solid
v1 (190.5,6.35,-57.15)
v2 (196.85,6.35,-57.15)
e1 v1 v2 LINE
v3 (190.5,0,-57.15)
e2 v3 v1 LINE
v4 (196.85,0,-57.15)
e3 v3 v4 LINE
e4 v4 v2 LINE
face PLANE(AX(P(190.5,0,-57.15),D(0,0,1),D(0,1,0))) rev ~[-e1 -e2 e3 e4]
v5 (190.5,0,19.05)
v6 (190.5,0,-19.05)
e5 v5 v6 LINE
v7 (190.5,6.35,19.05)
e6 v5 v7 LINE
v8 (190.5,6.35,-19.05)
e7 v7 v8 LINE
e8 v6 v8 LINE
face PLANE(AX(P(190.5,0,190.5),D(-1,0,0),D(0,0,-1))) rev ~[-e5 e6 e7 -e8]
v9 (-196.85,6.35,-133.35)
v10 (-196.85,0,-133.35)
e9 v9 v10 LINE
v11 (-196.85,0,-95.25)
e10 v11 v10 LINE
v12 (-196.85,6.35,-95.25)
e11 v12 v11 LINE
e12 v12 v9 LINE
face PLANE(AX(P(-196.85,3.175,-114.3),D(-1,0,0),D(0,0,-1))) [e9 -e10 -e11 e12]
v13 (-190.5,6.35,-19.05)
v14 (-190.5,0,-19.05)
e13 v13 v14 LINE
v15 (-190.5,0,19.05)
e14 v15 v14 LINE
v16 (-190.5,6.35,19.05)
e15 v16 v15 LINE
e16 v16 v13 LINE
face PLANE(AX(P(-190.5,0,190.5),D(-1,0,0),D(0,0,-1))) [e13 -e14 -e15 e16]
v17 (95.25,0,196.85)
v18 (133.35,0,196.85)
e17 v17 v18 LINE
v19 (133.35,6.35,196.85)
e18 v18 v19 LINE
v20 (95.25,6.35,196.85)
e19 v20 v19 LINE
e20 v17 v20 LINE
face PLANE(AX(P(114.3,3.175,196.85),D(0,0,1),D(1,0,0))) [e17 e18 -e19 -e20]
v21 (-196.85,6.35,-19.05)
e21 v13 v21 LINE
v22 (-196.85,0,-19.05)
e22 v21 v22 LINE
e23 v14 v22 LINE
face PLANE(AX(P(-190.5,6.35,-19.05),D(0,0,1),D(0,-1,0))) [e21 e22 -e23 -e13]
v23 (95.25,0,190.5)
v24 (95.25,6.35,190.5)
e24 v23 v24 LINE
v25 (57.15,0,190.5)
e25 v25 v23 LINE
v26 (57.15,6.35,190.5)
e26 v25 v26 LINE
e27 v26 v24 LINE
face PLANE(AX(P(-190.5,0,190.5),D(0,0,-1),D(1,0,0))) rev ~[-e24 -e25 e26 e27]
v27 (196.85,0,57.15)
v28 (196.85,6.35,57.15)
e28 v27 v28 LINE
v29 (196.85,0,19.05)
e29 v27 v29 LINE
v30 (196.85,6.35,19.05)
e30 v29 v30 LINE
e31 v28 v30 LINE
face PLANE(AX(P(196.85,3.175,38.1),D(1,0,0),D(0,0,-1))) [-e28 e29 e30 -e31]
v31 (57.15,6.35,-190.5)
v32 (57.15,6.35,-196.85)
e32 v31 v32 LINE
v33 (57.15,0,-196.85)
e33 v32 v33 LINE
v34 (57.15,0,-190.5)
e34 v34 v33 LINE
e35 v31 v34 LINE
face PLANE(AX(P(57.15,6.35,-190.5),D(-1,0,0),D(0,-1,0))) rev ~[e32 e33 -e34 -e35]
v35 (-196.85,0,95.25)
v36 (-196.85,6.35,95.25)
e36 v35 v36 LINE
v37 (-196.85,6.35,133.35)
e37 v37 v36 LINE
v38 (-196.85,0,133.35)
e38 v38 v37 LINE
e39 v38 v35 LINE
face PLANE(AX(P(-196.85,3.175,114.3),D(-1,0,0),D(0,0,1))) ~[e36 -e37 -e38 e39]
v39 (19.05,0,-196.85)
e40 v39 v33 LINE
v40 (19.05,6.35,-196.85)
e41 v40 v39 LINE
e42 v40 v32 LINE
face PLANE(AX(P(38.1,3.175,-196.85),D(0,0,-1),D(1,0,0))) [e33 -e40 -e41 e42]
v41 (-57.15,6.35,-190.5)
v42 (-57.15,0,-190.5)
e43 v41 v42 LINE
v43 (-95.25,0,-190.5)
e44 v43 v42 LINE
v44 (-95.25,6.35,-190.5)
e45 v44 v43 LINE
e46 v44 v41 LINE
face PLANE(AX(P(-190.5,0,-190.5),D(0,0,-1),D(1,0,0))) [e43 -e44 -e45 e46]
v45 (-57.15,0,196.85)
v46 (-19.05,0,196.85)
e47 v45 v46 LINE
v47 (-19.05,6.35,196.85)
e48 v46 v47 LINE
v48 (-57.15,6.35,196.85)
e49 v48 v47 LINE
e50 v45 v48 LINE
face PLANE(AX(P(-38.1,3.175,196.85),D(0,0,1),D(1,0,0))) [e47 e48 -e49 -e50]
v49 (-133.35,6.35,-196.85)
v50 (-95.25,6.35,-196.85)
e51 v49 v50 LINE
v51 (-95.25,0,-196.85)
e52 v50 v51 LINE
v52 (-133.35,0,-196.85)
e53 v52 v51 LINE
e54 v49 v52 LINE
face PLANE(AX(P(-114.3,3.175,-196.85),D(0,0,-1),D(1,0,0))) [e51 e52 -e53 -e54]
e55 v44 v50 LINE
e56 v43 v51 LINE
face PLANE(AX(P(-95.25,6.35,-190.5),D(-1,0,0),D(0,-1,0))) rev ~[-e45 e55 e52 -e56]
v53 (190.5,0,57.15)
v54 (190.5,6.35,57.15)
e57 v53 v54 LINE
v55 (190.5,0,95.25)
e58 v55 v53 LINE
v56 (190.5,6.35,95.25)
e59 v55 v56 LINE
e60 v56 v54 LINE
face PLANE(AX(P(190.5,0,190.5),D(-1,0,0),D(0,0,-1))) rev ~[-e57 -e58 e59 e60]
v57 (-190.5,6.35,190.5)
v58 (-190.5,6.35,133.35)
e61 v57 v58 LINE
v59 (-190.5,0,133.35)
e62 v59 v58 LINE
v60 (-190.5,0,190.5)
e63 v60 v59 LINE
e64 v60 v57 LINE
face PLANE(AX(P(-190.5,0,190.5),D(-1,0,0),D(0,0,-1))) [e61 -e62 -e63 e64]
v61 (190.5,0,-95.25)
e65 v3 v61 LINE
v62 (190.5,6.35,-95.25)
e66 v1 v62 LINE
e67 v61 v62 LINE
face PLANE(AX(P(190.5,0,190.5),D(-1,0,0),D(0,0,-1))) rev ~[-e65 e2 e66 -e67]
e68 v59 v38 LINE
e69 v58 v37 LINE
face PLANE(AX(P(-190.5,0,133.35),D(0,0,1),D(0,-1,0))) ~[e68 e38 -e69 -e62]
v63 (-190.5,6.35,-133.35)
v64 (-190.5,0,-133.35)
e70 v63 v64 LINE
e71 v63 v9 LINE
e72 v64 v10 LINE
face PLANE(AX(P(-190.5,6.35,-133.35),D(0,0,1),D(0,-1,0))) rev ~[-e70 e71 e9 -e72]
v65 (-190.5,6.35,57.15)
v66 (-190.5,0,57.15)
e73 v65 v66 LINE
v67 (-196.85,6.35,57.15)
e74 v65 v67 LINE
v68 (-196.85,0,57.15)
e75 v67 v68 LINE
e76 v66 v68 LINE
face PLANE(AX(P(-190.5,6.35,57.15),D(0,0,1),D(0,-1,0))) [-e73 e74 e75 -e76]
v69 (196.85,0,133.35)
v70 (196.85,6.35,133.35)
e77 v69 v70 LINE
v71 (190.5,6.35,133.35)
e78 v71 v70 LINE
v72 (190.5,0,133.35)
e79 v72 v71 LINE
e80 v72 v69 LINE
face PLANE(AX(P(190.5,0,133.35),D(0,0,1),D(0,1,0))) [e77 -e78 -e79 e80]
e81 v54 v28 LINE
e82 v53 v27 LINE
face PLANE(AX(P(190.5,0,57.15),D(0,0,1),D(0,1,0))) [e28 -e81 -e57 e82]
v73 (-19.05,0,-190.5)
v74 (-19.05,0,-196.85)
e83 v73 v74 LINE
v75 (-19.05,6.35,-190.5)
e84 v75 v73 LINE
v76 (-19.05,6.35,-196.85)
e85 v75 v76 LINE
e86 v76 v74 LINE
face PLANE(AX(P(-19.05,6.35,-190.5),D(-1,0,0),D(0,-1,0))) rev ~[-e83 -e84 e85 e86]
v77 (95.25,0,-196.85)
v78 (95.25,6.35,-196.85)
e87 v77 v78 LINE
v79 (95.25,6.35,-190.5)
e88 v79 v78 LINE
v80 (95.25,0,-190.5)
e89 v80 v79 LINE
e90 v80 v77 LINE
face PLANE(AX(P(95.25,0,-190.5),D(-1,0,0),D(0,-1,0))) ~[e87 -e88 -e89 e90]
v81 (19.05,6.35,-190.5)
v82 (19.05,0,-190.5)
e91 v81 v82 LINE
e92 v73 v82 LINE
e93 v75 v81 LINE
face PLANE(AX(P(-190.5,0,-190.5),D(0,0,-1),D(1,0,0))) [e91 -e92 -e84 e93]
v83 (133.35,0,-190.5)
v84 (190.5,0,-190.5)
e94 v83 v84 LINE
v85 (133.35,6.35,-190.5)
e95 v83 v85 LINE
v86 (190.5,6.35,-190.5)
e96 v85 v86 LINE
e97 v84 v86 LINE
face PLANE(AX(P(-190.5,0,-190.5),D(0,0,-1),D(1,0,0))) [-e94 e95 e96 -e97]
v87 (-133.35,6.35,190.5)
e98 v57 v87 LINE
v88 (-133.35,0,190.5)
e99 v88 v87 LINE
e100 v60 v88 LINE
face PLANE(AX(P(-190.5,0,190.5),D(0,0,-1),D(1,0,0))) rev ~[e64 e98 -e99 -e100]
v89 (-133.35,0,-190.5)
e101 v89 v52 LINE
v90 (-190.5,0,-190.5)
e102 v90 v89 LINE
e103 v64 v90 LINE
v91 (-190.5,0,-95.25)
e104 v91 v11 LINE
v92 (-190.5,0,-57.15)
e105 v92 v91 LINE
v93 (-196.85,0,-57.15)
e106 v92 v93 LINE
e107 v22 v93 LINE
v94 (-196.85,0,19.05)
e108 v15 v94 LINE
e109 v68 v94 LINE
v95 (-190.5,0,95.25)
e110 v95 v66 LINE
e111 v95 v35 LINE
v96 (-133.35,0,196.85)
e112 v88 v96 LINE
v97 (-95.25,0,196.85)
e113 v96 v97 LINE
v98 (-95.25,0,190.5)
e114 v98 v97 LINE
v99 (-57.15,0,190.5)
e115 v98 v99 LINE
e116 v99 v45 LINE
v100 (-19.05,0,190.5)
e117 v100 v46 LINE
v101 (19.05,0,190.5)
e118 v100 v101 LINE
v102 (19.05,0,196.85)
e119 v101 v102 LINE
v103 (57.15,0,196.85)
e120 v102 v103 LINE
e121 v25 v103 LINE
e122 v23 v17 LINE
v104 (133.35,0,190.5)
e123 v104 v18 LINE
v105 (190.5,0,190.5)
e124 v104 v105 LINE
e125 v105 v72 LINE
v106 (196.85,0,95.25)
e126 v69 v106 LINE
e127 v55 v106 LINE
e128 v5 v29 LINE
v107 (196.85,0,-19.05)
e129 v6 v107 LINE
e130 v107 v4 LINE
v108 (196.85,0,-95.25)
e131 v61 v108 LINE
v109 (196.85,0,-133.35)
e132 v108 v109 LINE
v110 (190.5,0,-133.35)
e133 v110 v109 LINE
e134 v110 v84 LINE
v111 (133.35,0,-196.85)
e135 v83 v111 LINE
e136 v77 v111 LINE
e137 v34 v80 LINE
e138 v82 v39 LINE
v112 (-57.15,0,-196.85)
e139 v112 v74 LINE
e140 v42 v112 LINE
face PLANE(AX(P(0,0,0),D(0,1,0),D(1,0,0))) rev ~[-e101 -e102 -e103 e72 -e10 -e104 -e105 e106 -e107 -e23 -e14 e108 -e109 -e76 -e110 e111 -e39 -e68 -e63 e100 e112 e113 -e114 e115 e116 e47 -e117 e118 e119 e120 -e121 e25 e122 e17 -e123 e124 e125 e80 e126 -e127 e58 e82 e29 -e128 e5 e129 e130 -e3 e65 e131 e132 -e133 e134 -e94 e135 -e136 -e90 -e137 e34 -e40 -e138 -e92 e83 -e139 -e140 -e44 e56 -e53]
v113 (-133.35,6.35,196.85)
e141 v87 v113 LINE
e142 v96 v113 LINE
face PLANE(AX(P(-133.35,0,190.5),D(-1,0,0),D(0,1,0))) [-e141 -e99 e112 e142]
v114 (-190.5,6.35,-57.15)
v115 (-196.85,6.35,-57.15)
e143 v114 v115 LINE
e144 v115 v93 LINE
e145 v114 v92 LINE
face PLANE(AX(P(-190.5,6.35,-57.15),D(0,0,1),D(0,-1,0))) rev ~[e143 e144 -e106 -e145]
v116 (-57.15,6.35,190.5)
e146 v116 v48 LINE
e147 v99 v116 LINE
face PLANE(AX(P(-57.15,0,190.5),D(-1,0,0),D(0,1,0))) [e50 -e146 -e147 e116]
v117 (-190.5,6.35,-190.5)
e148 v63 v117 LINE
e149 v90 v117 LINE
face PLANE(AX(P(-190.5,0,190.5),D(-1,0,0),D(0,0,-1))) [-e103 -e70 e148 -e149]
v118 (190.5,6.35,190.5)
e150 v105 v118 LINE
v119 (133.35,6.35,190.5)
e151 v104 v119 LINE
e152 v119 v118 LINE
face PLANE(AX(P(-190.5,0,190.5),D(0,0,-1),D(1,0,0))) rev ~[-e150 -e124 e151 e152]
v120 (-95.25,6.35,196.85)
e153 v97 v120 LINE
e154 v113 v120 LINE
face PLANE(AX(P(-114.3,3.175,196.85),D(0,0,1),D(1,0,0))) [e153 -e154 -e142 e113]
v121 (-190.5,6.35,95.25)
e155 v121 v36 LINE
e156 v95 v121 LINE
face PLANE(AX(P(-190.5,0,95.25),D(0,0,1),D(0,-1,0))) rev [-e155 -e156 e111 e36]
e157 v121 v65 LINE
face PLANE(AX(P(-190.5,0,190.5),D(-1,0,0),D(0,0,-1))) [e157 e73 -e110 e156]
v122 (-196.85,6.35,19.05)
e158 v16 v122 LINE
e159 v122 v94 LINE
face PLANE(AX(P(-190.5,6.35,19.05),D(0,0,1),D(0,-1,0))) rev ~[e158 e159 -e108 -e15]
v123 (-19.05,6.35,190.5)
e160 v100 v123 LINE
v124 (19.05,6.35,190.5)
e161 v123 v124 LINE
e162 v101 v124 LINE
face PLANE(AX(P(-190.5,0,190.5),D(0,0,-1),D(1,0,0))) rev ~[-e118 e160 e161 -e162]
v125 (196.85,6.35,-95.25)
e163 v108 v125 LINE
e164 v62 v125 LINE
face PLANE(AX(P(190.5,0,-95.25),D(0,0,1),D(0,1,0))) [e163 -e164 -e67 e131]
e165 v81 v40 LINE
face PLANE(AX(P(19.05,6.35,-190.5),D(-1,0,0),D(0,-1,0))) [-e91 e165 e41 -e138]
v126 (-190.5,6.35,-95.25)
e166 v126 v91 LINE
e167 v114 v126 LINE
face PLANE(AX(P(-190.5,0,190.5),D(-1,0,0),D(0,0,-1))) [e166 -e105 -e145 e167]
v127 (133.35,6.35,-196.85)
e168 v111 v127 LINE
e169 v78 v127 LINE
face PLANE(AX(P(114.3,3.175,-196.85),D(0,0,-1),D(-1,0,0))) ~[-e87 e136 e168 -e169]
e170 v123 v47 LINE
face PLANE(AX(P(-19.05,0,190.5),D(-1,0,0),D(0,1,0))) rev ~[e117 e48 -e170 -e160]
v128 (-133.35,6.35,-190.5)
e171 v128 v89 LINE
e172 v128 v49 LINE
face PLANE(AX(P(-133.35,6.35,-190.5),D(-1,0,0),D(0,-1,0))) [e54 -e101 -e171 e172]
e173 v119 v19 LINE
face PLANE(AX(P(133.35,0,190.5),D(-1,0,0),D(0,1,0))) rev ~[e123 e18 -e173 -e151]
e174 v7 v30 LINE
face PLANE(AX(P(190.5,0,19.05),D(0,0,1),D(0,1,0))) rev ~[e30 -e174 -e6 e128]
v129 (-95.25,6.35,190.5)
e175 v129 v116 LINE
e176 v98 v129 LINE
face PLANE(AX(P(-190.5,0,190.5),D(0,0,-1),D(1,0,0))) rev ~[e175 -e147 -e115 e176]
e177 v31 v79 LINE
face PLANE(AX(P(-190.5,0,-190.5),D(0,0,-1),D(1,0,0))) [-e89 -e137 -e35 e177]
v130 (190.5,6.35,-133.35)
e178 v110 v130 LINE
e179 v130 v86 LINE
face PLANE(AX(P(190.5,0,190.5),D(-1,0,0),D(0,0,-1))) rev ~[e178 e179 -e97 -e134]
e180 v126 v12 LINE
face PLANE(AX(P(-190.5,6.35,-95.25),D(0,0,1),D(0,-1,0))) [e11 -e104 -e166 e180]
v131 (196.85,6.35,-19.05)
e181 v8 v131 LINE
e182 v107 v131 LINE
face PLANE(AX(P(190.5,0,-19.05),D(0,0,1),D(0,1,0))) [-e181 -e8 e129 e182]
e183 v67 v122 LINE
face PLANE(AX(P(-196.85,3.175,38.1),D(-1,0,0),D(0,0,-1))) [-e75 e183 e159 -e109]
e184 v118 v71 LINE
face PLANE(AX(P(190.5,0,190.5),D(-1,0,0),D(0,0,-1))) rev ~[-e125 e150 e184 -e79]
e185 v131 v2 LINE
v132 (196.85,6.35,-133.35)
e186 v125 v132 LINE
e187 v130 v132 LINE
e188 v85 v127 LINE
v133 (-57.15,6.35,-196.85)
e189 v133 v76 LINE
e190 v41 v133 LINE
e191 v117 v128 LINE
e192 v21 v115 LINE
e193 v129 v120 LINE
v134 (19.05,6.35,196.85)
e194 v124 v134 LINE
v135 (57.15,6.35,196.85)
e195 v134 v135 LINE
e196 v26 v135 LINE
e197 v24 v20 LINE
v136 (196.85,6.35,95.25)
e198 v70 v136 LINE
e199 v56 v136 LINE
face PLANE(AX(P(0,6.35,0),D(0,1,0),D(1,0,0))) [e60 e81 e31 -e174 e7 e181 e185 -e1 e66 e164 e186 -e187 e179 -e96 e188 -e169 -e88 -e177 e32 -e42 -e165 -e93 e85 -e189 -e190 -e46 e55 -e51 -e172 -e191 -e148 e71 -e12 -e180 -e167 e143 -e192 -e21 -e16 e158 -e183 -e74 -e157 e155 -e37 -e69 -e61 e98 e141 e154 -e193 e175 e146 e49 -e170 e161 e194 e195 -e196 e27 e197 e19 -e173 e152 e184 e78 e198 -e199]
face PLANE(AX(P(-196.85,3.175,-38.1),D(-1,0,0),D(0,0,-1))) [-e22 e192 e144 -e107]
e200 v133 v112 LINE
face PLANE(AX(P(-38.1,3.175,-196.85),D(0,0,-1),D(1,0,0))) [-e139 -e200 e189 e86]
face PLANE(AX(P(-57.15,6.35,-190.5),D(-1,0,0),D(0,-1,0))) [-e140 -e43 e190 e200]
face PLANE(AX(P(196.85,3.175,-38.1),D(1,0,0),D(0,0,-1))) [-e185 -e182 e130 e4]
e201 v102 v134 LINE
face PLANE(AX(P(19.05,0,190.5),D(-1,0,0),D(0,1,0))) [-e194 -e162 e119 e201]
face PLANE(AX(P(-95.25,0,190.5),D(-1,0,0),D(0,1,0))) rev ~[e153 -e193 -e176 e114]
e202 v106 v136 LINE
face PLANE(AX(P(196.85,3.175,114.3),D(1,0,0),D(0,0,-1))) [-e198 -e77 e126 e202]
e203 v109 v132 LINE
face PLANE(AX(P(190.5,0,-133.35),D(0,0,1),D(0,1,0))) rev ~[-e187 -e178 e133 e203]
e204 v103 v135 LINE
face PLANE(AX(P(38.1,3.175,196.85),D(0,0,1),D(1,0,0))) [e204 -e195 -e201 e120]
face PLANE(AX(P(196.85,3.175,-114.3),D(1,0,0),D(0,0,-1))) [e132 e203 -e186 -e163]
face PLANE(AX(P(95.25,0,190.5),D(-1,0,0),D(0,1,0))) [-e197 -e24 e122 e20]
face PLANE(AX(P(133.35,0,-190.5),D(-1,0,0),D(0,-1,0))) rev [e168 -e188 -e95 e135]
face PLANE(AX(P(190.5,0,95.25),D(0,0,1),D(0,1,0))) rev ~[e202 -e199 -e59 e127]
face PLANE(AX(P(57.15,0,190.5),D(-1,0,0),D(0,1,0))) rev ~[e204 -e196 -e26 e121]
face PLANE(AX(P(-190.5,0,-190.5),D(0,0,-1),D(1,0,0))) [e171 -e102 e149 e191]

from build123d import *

# Parameters (mm, degrees)
ESQUISSE1_W                = 381
ESQUISSE1_H                = 381
BOSS_EXTRU_1_DEPTH         = 6.35
ESQUISSE2_W                = 38.1
ESQUISSE2_H                = 6.35
BOSS_EXTRU_2_DEPTH         = 6.35
R_P_TITION_LIN_AIRE1_COUNT = 4
R_P_TITION_LIN_AIRE1_PITCH = 76.2
SYM_TRIE1_COPY_1_SKETCH_W  = 38.1
SYM_TRIE1_COPY_1_SKETCH_H  = 6.35
SYM_TRIE1_COPY_1_DEPTH     = 6.35
SYM_TRIE1_COPY_2_SKETCH_W  = 38.1
SYM_TRIE1_COPY_2_SKETCH_H  = 6.35
SYM_TRIE1_COPY_2_DEPTH     = 6.35
SYM_TRIE1_COPY_3_SKETCH_W  = 38.1
SYM_TRIE1_COPY_3_SKETCH_H  = 6.35
SYM_TRIE1_COPY_3_DEPTH     = 6.35
ESQUISSE3_W                = 38.1
ESQUISSE3_H                = 6.35
BOSS_EXTRU_3_DEPTH         = 6.35
R_P_TITION_LIN_AIRE2_COUNT = 4
R_P_TITION_LIN_AIRE2_PITCH = 76.2
SYM_TRIE2_COPY_1_SKETCH_W  = 38.1
SYM_TRIE2_COPY_1_SKETCH_H  = 6.35
SYM_TRIE2_COPY_1_DEPTH     = 6.35
SYM_TRIE2_COPY_2_SKETCH_W  = 38.1
SYM_TRIE2_COPY_2_SKETCH_H  = 6.35
SYM_TRIE2_COPY_2_DEPTH     = 6.35
SYM_TRIE2_COPY_3_SKETCH_W  = 38.1
SYM_TRIE2_COPY_3_SKETCH_H  = 6.35
SYM_TRIE2_COPY_3_DEPTH     = 6.35


with BuildPart() as part:
    # Esquisse1 → Boss.-Extru.1 (new body)
    with BuildSketch(Plane(origin=(0, 0, 0), x_dir=(1, 0, 0), z_dir=(0, 1, 0))):
        Rectangle(ESQUISSE1_W, ESQUISSE1_H)
    extrude(amount=BOSS_EXTRU_1_DEPTH)

    # Esquisse2 → Boss.-Extru.2 (add)
    with BuildSketch(Plane(origin=(190.5, 0, 0), x_dir=(0, 0, -1), z_dir=(1, 0, 0))):
        with Locations((-114.3, 3.175)):
            Rectangle(ESQUISSE2_W, ESQUISSE2_H)
    boss_extru_2 = extrude(amount=BOSS_EXTRU_2_DEPTH)

    # Répétition linéaire1: Boss.-Extru.2 ×4
    with Locations(*[(0, 0, -i * R_P_TITION_LIN_AIRE1_PITCH) for i in range(1, R_P_TITION_LIN_AIRE1_COUNT)]):
        add(boss_extru_2)

    # Symétrie1: Boss.-Extru.2 across plane
    add(boss_extru_2.mirror(Plane(origin=(0, 0, 0), x_dir=(0, 0, 1), z_dir=(1, 0, 0))))

    # Symétrie1 copy 1 sketch → Symétrie1 copy 1 (add)
    with BuildSketch(Plane(origin=(-190.5, 0, -76.2), x_dir=(0, 0, -1), z_dir=(-1, 0, 0))):
        with Locations((-114.3, -3.175)):
            Rectangle(SYM_TRIE1_COPY_1_SKETCH_W, SYM_TRIE1_COPY_1_SKETCH_H)
    extrude(amount=SYM_TRIE1_COPY_1_DEPTH)

    # Symétrie1 copy 2 sketch → Symétrie1 copy 2 (add)
    with BuildSketch(Plane(origin=(-190.5, 0, -152.4), x_dir=(0, 0, -1), z_dir=(-1, 0, 0))):
        with Locations((-114.3, -3.175)):
            Rectangle(SYM_TRIE1_COPY_2_SKETCH_W, SYM_TRIE1_COPY_2_SKETCH_H)
    extrude(amount=SYM_TRIE1_COPY_2_DEPTH)

    # Symétrie1 copy 3 sketch → Symétrie1 copy 3 (add)
    with BuildSketch(Plane(origin=(-190.5, 0, -228.6), x_dir=(0, 0, -1), z_dir=(-1, 0, 0))):
        with Locations((-114.3, -3.175)):
            Rectangle(SYM_TRIE1_COPY_3_SKETCH_W, SYM_TRIE1_COPY_3_SKETCH_H)
    extrude(amount=SYM_TRIE1_COPY_3_DEPTH)

    # Esquisse3 → Boss.-Extru.3 (add)
    with BuildSketch(Plane.XY.offset(190.5)):
        with Locations((114.3, 3.175)):
            Rectangle(ESQUISSE3_W, ESQUISSE3_H)
    boss_extru_3 = extrude(amount=BOSS_EXTRU_3_DEPTH)

    # Répétition linéaire2: Boss.-Extru.3 ×4
    with Locations(*[(-i * R_P_TITION_LIN_AIRE2_PITCH, 0, 0) for i in range(1, R_P_TITION_LIN_AIRE2_COUNT)]):
        add(boss_extru_3)

    # Symétrie2: Boss.-Extru.3 across plane
    add(boss_extru_3.mirror(Plane.XY))

    # Symétrie2 copy 1 sketch → Symétrie2 copy 1 (add)
    with BuildSketch(Plane(origin=(-76.2, 0, -190.5), x_dir=(1, 0, 0), z_dir=(0, 0, -1))):
        with Locations((114.3, -3.175)):
            Rectangle(SYM_TRIE2_COPY_1_SKETCH_W, SYM_TRIE2_COPY_1_SKETCH_H)
    extrude(amount=SYM_TRIE2_COPY_1_DEPTH)

    # Symétrie2 copy 2 sketch → Symétrie2 copy 2 (add)
    with BuildSketch(Plane(origin=(-152.4, 0, -190.5), x_dir=(1, 0, 0), z_dir=(0, 0, -1))):
        with Locations((114.3, -3.175)):
            Rectangle(SYM_TRIE2_COPY_2_SKETCH_W, SYM_TRIE2_COPY_2_SKETCH_H)
    extrude(amount=SYM_TRIE2_COPY_2_DEPTH)

    # Symétrie2 copy 3 sketch → Symétrie2 copy 3 (add)
    with BuildSketch(Plane(origin=(-228.6, 0, -190.5), x_dir=(1, 0, 0), z_dir=(0, 0, -1))):
        with Locations((114.3, -3.175)):
            Rectangle(SYM_TRIE2_COPY_3_SKETCH_W, SYM_TRIE2_COPY_3_SKETCH_H)
    extrude(amount=SYM_TRIE2_COPY_3_DEPTH)


solid = part.part
